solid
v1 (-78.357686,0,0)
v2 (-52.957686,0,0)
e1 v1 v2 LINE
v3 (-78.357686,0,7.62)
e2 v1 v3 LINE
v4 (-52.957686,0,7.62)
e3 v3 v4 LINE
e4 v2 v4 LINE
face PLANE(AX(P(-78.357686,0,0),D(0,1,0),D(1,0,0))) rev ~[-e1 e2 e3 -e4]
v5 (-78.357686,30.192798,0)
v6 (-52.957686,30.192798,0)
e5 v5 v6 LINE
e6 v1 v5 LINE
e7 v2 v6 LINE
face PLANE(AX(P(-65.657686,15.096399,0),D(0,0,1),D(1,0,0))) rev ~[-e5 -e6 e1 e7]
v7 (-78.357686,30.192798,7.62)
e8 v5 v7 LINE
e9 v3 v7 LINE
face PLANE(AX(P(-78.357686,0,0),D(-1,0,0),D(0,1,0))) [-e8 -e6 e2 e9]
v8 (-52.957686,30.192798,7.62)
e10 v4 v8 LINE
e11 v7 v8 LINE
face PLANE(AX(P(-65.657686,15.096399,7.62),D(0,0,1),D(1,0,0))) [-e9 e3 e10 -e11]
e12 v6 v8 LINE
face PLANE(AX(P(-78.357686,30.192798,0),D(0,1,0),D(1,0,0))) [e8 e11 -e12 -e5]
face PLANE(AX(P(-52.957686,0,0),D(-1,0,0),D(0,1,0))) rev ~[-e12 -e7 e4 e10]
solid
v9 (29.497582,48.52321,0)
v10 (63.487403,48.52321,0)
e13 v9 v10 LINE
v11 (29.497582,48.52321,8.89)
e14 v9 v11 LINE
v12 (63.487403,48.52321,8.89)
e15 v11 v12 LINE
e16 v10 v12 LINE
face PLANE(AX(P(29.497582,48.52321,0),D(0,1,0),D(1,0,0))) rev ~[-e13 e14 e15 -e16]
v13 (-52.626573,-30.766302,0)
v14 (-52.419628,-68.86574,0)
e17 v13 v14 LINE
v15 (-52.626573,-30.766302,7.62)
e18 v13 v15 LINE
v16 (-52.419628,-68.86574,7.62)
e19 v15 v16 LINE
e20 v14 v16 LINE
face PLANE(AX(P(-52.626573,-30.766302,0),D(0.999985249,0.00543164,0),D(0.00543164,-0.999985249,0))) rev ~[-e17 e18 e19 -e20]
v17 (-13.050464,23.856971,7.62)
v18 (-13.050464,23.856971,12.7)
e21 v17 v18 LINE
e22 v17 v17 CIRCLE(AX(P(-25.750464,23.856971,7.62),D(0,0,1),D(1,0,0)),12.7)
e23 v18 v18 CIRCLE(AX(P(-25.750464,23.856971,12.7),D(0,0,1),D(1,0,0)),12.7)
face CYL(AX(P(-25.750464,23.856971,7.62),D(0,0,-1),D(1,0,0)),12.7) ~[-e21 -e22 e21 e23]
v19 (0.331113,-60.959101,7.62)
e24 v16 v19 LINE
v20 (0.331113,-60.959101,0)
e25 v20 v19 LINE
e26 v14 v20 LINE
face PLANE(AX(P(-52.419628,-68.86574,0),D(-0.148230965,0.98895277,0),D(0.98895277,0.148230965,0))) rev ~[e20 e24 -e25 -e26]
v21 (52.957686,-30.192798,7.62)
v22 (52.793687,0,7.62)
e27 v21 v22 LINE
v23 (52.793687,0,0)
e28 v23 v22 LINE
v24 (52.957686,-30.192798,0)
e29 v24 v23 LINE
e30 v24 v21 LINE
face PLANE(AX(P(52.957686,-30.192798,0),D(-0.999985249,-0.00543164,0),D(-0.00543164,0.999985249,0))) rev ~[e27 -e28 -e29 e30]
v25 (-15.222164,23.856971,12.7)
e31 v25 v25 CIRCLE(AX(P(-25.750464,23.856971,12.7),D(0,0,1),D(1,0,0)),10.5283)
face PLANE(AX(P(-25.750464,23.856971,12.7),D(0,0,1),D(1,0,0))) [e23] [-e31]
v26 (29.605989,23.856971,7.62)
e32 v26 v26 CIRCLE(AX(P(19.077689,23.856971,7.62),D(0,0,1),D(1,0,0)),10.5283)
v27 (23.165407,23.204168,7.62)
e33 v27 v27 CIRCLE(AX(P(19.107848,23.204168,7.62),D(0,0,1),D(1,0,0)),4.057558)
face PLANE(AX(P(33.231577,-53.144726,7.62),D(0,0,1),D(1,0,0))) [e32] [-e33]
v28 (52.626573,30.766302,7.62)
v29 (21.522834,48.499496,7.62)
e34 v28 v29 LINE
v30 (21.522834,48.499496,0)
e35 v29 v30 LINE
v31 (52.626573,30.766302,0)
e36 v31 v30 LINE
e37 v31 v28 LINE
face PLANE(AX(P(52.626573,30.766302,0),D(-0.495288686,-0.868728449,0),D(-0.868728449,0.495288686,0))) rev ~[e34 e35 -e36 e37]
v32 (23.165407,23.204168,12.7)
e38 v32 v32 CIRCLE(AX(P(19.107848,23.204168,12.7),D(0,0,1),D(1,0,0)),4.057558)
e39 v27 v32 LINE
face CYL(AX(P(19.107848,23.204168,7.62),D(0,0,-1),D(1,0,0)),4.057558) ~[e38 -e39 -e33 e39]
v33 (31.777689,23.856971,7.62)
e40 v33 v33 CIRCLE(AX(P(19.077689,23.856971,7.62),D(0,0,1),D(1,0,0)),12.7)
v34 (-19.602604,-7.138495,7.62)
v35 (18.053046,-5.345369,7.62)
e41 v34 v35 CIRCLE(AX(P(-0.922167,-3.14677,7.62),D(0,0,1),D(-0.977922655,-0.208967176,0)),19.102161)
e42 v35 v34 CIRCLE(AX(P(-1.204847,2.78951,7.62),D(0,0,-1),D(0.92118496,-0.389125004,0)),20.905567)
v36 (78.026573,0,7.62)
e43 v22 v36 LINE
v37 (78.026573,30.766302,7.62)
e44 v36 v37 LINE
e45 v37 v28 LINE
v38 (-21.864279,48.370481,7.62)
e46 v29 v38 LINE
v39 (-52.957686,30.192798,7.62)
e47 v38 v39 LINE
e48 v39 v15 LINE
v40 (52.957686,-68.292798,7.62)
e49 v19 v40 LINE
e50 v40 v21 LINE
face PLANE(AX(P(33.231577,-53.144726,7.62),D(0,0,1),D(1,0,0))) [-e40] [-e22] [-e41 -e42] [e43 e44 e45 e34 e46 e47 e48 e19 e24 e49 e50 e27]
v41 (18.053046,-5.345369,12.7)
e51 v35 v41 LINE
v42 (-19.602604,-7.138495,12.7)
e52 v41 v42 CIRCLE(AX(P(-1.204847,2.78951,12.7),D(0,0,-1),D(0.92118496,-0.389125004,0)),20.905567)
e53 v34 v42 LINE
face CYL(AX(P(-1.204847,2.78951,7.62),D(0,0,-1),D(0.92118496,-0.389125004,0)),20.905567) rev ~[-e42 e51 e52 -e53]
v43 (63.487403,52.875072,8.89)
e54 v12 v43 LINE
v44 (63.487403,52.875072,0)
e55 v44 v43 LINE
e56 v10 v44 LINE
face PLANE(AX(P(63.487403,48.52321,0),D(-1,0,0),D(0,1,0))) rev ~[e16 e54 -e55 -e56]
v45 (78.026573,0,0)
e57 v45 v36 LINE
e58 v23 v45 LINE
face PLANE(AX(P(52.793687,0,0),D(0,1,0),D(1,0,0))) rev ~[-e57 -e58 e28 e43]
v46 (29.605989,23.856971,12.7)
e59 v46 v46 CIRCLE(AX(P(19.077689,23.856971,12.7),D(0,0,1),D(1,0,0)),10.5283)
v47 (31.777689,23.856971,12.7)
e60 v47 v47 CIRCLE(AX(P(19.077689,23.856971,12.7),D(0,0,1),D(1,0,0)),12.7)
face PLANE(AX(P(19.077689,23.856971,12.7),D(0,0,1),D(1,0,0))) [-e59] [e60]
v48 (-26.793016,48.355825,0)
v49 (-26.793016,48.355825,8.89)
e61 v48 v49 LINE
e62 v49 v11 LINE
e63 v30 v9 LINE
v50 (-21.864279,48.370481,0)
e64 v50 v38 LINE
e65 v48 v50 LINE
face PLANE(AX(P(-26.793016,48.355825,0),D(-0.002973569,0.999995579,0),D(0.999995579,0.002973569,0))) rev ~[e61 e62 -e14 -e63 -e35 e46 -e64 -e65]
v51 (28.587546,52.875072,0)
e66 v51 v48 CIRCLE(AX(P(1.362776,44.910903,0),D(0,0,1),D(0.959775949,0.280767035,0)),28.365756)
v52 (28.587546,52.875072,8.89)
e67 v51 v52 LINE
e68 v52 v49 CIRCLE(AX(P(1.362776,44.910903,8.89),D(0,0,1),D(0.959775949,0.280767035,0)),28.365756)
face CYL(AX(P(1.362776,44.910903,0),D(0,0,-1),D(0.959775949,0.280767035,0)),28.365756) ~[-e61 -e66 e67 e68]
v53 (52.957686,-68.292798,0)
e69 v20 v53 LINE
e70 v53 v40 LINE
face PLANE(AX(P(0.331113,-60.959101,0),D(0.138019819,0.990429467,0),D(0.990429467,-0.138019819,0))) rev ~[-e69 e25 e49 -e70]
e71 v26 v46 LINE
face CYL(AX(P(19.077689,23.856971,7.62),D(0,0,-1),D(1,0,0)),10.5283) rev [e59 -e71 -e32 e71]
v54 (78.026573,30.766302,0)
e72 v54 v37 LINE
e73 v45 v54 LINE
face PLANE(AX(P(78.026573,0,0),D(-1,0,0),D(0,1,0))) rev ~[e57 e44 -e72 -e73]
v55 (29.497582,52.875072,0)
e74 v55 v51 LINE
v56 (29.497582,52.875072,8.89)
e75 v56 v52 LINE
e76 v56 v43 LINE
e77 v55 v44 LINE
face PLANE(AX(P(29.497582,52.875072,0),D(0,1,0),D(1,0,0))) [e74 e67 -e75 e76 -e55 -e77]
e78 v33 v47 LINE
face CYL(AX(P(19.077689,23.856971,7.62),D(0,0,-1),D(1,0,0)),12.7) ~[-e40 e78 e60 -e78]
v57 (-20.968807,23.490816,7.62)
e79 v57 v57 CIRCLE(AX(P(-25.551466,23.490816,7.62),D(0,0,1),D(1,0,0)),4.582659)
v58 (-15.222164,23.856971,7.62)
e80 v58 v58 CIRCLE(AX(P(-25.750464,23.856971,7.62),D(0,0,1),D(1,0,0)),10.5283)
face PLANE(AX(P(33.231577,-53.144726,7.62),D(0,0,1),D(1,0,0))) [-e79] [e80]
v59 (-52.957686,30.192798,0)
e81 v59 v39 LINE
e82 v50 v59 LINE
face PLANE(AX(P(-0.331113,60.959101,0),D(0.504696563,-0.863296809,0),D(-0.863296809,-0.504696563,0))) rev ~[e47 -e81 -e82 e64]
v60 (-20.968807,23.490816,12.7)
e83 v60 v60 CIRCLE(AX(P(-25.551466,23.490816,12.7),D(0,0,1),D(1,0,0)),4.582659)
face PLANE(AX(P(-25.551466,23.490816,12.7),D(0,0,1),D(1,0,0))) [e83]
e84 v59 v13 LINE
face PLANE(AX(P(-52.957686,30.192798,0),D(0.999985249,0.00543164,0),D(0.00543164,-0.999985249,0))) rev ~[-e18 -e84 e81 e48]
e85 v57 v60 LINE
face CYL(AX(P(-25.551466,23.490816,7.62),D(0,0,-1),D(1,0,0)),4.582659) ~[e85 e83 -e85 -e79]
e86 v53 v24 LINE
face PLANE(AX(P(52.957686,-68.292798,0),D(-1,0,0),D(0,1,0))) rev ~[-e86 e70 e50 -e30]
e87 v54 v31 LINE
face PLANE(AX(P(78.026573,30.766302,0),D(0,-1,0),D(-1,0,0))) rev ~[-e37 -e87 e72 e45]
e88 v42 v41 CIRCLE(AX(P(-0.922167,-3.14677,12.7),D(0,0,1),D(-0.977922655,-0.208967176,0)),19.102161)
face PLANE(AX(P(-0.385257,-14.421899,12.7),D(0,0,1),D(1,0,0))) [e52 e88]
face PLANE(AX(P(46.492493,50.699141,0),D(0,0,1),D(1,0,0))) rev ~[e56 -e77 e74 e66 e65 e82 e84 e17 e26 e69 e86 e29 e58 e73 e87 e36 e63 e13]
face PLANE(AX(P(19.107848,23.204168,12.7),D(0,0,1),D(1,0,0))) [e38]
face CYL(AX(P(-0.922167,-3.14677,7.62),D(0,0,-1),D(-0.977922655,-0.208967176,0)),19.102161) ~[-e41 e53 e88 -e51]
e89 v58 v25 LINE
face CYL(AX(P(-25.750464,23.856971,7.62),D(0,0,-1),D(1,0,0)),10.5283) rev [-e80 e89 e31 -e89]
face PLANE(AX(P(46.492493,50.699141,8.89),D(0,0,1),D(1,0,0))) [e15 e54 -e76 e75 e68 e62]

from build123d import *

# Parameters (mm, degrees)
F1_DEPTH = 7.62
F0_W     = 25.4
F0_H     = 30.1927982898
F3_R     = 4.0575582534
F4_DEPTH = 5.08
F5_R     = 4.5826589952
F6_DEPTH = 5.08
F2_R     = 12.7
F2_R_2   = 10.5283
F7_DEPTH = 5.08
F8_W     = 33.9898206294
F8_H     = 4.3518617749
F9_DEPTH = 8.89


with BuildPart() as f1:
    # F0 (on Top) → F1 (new body)
    with BuildSketch(Plane.XY):
        Polygon((52.9576862357, -30.1927982898), (0.3311127876, -60.9591007506), (52.9576862357, -68.2927982898), align=None)
        Polygon((78.0265734481, 30.7663024608), (52.6265734481, 30.7663024608), (52.793687399, 0), (78.0265734481, 0), align=None)
        Polygon((0.3311127876, -60.9591007506), (-52.6265734481, -30.7663024608), (-52.4196279559, -68.86574043), align=None)
        Polygon((-0.3311127876, 60.9591007506), (-52.9576862357, 30.1927982898), (-52.6265734481, -30.7663024608), (0.3311127876, -60.9591007506), (52.9576862357, -30.1927982898), (52.793687399, 0), (52.6265734481, 0), (52.6265734481, 30.7663024608), align=None)
        Polygon((52.793687399, 0), (52.6265734481, 30.7663024608), (52.6265734481, 0), align=None)
    extrude(amount=F1_DEPTH)

    # F3 (on face) → F4 (join)
    with BuildSketch(Plane.XY.offset(7.62)):
        with Locations((19.1078484058, 23.2041683048)):
            Circle(F3_R)
    extrude(amount=F4_DEPTH)

    # F5 (on face) → F6 (join)
    with BuildSketch(Plane.XY.offset(7.62)):
        with Locations((-25.5514662713, 23.4908163548)):
            Circle(F5_R)
    extrude(amount=F6_DEPTH)

    # F2 (on face) → F7 (join)
    with BuildSketch(Plane.XY.offset(7.62)):
        with Locations((-25.7504637512, 23.8569705008)):
            Circle(F2_R)
        with Locations((-25.7504637512, 23.8569705008)):
            Circle(F2_R_2, mode=Mode.SUBTRACT)
        with Locations((19.0776889999, 23.8569705008)):
            Circle(F2_R)
        with Locations((19.0776889999, 23.8569705008)):
            Circle(F2_R_2, mode=Mode.SUBTRACT)
        with BuildLine():
            ThreePointArc((18.0530462825, -5.3453690513), (-0.210471102, -18.0923947301), (-19.6026036841, -7.1384947474))
            ThreePointArc((-19.6026036841, -7.1384947474), (-0.0135704098, -22.2273104033), (18.0530462825, -5.3453690513))
        make_face()
    extrude(amount=F7_DEPTH)

    # F8 (on Top) → F9 (join)
    with BuildSketch(Plane.XY):
        with Locations((46.4924927801, 50.6991408765)):
            Rectangle(F8_W, F8_H)
        with BuildLine():
            ThreePointArc((28.5875461377, 52.875071764), (29.1279584343, 50.7169980069), (29.4975824654, 48.5232099891))
            Line((29.4975824654, 48.5232099891), (29.4975824654, 52.875071764))
            Line((29.4975824654, 52.875071764), (28.5875461377, 52.875071764))
        make_face()
        with BuildLine():
            Line((-26.7930161208, 48.3558252454), (29.4975824654, 48.5232099891))
            ThreePointArc((29.4975824654, 48.5232099891), (29.1279584343, 50.7169980069), (28.5875461377, 52.875071764))
            ThreePointArc((28.5875461377, 52.875071764), (-0.9442997447, 73.1826820121), (-26.7930161208, 48.3558252454))
        make_face()
    extrude(amount=F9_DEPTH)


with BuildPart() as f1b:
    # F0 (on Top) → F1, piece 2 (new body)
    with BuildSketch(Plane.XY):
        with Locations((-65.6576862357, 15.0963991449)):
            Rectangle(F0_W, F0_H)
    extrude(amount=F1_DEPTH)


solid = Compound([f1.part, f1b.part])
